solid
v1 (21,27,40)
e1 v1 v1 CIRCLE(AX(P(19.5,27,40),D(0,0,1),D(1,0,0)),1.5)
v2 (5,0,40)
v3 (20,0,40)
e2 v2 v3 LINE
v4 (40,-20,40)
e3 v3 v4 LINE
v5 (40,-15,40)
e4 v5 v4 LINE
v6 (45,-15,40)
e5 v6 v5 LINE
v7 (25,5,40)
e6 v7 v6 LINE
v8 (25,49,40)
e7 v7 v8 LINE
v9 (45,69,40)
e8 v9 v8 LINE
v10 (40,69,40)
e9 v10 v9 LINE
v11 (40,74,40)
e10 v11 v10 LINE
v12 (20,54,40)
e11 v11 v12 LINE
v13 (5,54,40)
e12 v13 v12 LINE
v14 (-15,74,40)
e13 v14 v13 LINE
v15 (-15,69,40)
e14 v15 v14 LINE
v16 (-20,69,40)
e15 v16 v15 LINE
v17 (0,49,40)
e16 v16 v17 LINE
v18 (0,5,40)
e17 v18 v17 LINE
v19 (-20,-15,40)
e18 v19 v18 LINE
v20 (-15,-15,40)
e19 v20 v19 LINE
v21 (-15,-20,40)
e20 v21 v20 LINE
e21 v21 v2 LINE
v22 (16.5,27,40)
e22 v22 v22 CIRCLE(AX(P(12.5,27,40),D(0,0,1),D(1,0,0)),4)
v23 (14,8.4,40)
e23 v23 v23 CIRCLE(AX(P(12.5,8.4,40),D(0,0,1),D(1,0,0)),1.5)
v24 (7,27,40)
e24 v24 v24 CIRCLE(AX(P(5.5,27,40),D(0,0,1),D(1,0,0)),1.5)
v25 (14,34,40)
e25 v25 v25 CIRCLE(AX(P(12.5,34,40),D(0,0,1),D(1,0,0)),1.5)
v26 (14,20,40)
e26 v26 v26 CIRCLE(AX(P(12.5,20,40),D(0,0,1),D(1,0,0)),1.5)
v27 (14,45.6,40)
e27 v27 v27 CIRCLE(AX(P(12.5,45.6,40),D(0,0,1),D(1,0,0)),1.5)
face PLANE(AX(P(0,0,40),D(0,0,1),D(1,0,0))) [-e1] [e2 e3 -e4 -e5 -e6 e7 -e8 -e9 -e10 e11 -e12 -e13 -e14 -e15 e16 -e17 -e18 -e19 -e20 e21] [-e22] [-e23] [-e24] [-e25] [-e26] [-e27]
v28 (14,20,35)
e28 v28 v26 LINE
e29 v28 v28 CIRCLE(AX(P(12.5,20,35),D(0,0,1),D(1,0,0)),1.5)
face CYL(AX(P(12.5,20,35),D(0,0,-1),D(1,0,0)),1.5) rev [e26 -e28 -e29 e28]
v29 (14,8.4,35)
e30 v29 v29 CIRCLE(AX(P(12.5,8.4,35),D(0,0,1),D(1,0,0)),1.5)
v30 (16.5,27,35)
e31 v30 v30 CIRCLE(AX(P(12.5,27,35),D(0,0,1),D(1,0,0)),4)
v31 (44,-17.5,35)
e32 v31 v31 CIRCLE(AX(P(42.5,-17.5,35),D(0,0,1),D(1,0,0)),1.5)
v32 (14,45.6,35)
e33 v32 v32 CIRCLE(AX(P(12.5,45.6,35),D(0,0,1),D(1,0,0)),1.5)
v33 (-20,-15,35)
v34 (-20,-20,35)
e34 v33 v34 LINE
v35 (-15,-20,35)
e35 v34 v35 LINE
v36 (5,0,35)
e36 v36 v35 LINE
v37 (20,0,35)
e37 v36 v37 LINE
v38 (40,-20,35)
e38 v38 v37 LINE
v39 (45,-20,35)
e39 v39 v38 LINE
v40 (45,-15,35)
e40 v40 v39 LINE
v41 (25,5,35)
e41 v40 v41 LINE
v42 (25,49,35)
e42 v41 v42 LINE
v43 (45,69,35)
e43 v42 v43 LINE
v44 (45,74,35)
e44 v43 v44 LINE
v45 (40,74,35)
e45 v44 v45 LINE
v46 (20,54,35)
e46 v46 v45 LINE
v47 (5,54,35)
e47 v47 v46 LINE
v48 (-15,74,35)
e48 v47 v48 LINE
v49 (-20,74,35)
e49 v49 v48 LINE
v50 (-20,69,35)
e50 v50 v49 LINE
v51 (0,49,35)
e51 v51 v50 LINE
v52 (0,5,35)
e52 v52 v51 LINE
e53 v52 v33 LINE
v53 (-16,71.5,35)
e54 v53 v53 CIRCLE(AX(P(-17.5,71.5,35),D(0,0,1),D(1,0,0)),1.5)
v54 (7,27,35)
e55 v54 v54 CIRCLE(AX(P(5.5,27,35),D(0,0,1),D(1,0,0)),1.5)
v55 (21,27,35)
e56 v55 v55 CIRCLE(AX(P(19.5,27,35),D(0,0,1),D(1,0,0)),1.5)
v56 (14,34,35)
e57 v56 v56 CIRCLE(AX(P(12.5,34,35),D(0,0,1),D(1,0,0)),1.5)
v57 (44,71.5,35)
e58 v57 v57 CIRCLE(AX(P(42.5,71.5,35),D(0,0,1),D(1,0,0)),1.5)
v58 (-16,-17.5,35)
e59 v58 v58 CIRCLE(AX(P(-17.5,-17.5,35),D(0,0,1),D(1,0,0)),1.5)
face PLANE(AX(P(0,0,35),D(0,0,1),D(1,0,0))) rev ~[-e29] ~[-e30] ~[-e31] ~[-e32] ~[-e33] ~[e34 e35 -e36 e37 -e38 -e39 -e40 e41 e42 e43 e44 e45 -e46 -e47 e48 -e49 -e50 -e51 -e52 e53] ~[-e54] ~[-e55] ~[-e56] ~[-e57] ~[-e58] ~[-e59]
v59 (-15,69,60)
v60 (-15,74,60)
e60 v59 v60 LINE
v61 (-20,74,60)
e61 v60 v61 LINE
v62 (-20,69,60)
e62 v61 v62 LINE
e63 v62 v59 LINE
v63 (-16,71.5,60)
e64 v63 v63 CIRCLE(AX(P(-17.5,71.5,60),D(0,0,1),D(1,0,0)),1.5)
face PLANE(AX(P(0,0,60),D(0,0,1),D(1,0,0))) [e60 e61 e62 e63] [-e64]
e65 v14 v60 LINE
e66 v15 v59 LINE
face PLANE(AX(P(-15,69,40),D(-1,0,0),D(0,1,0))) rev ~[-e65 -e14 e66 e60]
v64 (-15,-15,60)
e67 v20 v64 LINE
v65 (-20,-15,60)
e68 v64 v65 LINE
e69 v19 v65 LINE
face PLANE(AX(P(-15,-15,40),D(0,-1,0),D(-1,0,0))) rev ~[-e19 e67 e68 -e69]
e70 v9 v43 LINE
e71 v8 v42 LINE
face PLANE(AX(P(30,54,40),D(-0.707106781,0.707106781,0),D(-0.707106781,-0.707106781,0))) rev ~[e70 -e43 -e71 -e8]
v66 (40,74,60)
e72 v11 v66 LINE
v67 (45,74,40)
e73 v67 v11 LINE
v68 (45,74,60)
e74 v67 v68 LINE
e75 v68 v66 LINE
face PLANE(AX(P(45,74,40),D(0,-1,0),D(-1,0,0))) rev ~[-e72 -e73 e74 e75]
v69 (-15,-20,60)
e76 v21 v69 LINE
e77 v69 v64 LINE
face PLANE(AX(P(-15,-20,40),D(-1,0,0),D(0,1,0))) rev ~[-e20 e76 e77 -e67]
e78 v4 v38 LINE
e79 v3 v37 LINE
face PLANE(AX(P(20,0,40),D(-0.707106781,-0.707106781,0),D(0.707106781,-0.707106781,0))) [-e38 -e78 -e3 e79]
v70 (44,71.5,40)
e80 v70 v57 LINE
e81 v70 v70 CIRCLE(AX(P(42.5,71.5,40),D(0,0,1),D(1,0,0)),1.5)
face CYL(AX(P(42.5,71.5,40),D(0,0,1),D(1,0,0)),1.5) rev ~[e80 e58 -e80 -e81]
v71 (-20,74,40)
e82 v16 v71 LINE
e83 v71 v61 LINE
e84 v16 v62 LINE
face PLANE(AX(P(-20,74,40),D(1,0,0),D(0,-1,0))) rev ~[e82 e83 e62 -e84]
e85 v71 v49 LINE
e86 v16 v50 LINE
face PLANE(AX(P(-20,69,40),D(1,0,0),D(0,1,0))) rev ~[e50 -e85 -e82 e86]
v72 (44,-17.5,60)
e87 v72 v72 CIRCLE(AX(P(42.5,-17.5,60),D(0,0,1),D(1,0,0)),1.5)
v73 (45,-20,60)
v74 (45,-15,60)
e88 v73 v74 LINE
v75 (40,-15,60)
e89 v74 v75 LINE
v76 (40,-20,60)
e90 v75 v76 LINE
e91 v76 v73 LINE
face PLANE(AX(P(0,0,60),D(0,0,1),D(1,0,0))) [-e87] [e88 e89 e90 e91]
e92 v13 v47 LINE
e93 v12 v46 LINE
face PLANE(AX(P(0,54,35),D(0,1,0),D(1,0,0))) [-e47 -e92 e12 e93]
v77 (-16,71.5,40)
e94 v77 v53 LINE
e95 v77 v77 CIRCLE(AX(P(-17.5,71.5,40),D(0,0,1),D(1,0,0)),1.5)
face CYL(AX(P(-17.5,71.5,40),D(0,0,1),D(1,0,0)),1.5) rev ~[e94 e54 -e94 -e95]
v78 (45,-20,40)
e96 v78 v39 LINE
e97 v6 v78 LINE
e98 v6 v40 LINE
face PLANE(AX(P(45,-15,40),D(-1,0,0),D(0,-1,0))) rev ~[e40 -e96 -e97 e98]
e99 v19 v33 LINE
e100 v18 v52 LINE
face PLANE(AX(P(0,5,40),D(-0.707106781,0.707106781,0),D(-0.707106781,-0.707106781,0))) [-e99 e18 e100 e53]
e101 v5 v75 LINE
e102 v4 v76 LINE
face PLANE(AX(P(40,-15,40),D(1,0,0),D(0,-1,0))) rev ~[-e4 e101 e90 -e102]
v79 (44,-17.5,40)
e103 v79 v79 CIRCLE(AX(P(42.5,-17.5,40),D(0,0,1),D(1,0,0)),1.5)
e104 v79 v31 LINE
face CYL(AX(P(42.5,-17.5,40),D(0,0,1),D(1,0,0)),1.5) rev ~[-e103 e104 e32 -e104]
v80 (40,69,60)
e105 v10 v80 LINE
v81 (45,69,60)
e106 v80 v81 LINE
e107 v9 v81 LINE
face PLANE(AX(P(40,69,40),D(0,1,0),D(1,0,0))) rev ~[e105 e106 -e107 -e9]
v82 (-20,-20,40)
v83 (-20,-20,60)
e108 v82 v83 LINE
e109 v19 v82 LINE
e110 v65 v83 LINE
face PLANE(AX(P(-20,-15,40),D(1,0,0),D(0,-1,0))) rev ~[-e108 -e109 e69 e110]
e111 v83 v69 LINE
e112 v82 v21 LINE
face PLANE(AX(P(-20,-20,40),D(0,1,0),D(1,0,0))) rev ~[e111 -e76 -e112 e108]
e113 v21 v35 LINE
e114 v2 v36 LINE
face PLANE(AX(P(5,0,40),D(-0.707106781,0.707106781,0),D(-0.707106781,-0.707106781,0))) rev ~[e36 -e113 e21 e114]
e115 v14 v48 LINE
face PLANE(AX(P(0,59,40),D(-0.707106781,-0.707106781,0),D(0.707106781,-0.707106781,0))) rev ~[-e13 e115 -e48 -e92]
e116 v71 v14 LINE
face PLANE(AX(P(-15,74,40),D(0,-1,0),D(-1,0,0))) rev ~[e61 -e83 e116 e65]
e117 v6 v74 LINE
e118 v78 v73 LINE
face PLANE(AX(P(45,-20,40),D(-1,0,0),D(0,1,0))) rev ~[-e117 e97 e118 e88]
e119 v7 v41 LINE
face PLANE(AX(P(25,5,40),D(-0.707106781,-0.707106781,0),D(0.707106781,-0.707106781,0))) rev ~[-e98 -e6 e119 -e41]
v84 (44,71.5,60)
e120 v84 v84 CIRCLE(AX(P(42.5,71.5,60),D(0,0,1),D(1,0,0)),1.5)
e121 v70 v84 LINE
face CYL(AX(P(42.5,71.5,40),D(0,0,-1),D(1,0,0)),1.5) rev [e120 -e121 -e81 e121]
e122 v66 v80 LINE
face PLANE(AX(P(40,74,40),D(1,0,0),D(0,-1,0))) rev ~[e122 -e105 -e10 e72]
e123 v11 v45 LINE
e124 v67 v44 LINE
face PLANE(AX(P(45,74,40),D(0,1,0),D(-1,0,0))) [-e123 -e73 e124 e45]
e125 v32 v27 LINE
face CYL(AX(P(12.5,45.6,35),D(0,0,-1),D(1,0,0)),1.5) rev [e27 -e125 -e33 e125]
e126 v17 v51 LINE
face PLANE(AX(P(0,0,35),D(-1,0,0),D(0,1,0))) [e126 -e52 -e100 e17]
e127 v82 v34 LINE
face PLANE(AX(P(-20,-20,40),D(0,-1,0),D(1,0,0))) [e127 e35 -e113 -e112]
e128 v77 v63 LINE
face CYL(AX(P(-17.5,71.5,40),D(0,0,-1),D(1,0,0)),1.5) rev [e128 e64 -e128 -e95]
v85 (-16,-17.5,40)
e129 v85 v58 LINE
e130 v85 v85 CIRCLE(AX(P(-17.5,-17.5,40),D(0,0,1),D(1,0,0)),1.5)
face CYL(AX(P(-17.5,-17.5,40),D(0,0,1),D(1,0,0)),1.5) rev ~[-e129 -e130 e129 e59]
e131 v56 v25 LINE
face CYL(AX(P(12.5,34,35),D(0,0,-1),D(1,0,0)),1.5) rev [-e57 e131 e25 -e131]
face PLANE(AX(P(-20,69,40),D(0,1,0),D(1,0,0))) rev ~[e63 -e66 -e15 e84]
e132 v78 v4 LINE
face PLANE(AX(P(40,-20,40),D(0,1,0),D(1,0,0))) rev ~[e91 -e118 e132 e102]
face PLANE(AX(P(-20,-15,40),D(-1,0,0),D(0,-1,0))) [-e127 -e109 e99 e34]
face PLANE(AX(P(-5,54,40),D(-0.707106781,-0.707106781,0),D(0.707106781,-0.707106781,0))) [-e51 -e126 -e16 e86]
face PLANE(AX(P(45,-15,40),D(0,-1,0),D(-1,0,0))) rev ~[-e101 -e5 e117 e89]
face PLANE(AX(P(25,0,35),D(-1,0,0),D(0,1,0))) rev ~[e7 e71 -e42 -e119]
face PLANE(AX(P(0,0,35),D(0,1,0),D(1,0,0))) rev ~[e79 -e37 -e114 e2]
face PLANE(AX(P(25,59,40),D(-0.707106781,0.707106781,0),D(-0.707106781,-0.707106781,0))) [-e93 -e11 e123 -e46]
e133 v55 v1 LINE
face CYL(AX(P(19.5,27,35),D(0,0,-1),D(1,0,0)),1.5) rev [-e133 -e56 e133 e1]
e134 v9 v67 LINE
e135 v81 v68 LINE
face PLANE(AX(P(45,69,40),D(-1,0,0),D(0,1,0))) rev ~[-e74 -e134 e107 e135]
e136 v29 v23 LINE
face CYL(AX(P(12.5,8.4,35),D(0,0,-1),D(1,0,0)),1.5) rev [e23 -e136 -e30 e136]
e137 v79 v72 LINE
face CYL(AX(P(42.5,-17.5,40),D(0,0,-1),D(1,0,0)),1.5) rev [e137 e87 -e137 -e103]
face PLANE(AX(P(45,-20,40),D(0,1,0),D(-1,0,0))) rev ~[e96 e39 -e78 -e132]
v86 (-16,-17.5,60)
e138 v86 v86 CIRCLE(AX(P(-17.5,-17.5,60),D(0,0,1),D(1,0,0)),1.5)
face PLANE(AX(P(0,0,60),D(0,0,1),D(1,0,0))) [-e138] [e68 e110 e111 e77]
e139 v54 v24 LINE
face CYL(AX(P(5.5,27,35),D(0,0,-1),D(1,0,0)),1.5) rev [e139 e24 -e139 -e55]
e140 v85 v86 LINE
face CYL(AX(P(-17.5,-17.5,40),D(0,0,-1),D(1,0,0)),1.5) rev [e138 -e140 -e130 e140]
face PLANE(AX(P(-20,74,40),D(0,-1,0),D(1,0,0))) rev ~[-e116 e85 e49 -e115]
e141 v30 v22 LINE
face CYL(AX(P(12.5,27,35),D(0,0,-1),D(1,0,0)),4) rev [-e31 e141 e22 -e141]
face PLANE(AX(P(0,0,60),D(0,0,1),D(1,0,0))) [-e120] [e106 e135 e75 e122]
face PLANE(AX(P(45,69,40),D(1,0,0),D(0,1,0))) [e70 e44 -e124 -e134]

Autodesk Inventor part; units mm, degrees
ref_plane "YZ Plane" through (0, 0, 0) normal (1, 0, 0) x (0, 1, 0)
ref_plane "XZ Plane" through (0, 0, 0) normal (0, 1, 0) x (-1, 0, 0)
ref_plane "XY Plane" through (0, 0, 0) normal (0, 0, 1) x (1, 0, 0)
ref_plane "Work Plane1" through (0, 0, 35) normal (0, 0, 1) x (1, 0, 0)
sketch "Sketch1" plane through (0, 0, 35) normal (0, 0, 1) x (1, 0, 0)
  circle A0 centre (12.5, 45.6) radius 1.5 projected
  circle A1 centre (19.5, 27) radius 1.5 projected
  circle A2 centre (5.5, 27) radius 1.5 projected
  circle A3 centre (12.5, 20) radius 1.5 projected
  circle A4 centre (12.5, 34) radius 1.5 projected
  circle A5 centre (12.5, 8.4) radius 1.5 projected
  circle A6 centre (12.5, 27) radius 4 projected
  line L0 (0, 0) -> (25, 0) projected
  line L1 (25, 0) -> (25, 54) projected
  line L2 (0, 54) -> (25, 54) projected
  line L3 (0, 0) -> (0, 54) projected
  line L4 (25, 54) -> (0, 54)
  line L5 (0, 54) -> (0, 0)
  line L6 (0, 0) -> (25, 0)
  line L7 (25, 0) -> (25, 54)
  circle A7 centre (12.5, 45.6) radius 1.5
  circle A8 centre (12.5, 27) radius 4
  circle A9 centre (19.5, 27) radius 1.5
  circle A10 centre (12.5, 34) radius 1.5
  circle A11 centre (12.5, 20) radius 1.5
  circle A12 centre (5.5, 27) radius 1.5
  circle A13 centre (12.5, 8.4) radius 1.5
extrude "Extrusion1" add sketch "Sketch1" along normal blind 5
sketch "Sketch4" plane through (0, 0, 40) normal (0, 0, 1) x (1, 0, 0)
  line L0 (25, 54) -> (0, 54) projected
  line L1 (0, 54) -> (0, 0) projected
  circle A0 centre (12.5, 45.6) radius 1.5 projected
  line L2 (25, 0) -> (25, 54) projected
  line L3 (0, 0) -> (25, 0) projected
  line L4 (25, 54) -> (45, 54)
  line L5 (45, 54) -> (45, 74)
  line L6 (45, 74) -> (25, 74)
  line L7 (25, 74) -> (25, 54)
  line L8 (0, 54) -> (-20, 54)
  line L9 (-20, 54) -> (-20, 74)
  line L10 (-20, 74) -> (0, 74)
  line L11 (0, 74) -> (0, 54)
  line L12 (25, 0) -> (45, 0)
  line L13 (45, 0) -> (45, -20)
  line L14 (45, -20) -> (25, -20)
  line L15 (25, -20) -> (25, 0)
  line L16 (0, 0) -> (-20, 0)
  line L17 (-20, 0) -> (-20, -20)
  line L18 (-20, -20) -> (0, -20)
  line L19 (0, -20) -> (0, 0)
  line L20 (-20, 74) -> (-15, 74)
  line L21 (-15, 74) -> (-15, 69)
  line L22 (-15, 69) -> (-20, 69)
  line L23 (-20, 69) -> (-20, 74)
  line L24 (45, 74) -> (40, 74)
  line L25 (40, 74) -> (40, 69)
  line L26 (40, 69) -> (45, 69)
  line L27 (45, 69) -> (45, 74)
  line L28 (45, -20) -> (40, -20)
  line L29 (40, -20) -> (40, -15)
  line L30 (40, -15) -> (45, -15)
  line L31 (45, -15) -> (45, -20)
  line L32 (-20, -20) -> (-15, -20)
  line L33 (-15, -20) -> (-15, -15)
  line L34 (-15, -15) -> (-20, -15)
  line L35 (-20, -15) -> (-20, -20)
  line L36 (0, 0) -> (5, 0)
  line L37 (5, 0) -> (5, 5)
  line L38 (5, 5) -> (0, 5)
  line L39 (0, 5) -> (0, 0)
  line L40 (25, 0) -> (20, 0)
  line L41 (20, 0) -> (20, 5)
  line L42 (20, 5) -> (25, 5)
  line L43 (25, 5) -> (25, 0)
  line L44 (25, 54) -> (20, 54)
  line L45 (20, 54) -> (20, 49)
  line L46 (20, 49) -> (25, 49)
  line L47 (25, 49) -> (25, 54)
  line L48 (0, 54) -> (5, 54)
  line L49 (5, 54) -> (5, 49)
  line L50 (5, 49) -> (0, 49)
  line L51 (0, 49) -> (0, 54)
  line L52 (0, 5) -> (-20, -15)
  line L53 (5, 0) -> (-15, -20)
  line L54 (20, 0) -> (40, -20)
  line L55 (25, 5) -> (45, -15)
  line L56 (-20, 69) -> (0, 49)
  line L57 (-15, 74) -> (5, 54)
  line L58 (40, 74) -> (20, 54)
  line L59 (45, 69) -> (25, 49)
  circle A1 centre (-17.5, 71.5) radius 1.5
  circle A2 centre (42.5, 71.5) radius 1.5
  circle A3 centre (-17.5, -17.5) radius 1.5
  circle A4 centre (42.5, -17.5) radius 1.5
  dimension "d16" = 20
  dimension "d17" = 20
  dimension "d18" = 20
  dimension "d19" = 20
  dimension "d20" = 20
  dimension "d21" = 20
  dimension "d22" = 20
  dimension "d23" = 20
  dimension "d24" = 5
  dimension "d25" = 5
  dimension "d26" = 5
  dimension "d27" = 5
  dimension "d28" = 5
  dimension "d29" = 5
  dimension "d30" = 5
  dimension "d31" = 5
  dimension "d32" = 5
  dimension "d33" = 5
  dimension "d34" = 5
  dimension "d35" = 5
  dimension "d36" = 5
  dimension "d37" = 5
  dimension "d38" = 5
  dimension "d39" = 5
  dimension "d40" = 3
extrude "Extrusion3" add sketch "Sketch4" against normal blind 5 contours L2 L46 L45 L0 | L4 L59 L2 | L7 L58 L25 L26 L59 L4 | L0 L58 L7 | L49 L50 L1 L0 | L0 L11 L57 | L55 L12 L2 | L2 L3 L41 L42 | L26 L25 L6 L5 | L1 L56 L8 | L8 L56 L22 L21 L57 L11 | L15 L54 L3 | L12 L55 L30 L29 L54 L15 | L21 L22 L9 L10 | L13 L14 L29 L30 | L38 L37 L3 L1 | L1 L16 L52 | L53 L19 L3 | L19 L53 L33 L34 L52 L16 | L34 L33 L18 L17
sketch "Sketch5" plane through (0, 0, 40) normal (0, 0, 1) x (1, 0, 0)
  line L0 (-20, -20) -> (-15, -20) projected
  line L1 (-20, -15) -> (-20, -20) projected
  circle A0 centre (-17.5, -17.5) radius 1.5 projected
  circle A1 centre (-17.5, 71.5) radius 1.5 projected
  line L2 (-20, 74) -> (-20, 69) projected
  line L3 (-15, 74) -> (-20, 74) projected
  line L4 (45, 74) -> (40, 74) projected
  line L5 (45, 69) -> (45, 74) projected
  circle A2 centre (42.5, 71.5) radius 1.5 projected
  circle A3 centre (42.5, -17.5) radius 1.5 projected
  line L6 (40, -20) -> (45, -20) projected
  line L7 (45, -20) -> (45, -15) projected
  line L8 (-20, -20) -> (-15, -20)
  line L9 (-15, -20) -> (-15, -15)
  line L10 (-15, -15) -> (-20, -15)
  line L11 (-20, -15) -> (-20, -20)
  circle A4 centre (-17.5, -17.5) radius 1.5
  circle A5 centre (-17.5, 71.5) radius 1.5
  circle A6 centre (42.5, 71.5) radius 1.5
  circle A7 centre (42.5, -17.5) radius 1.5
  line L12 (40, -20) -> (45, -20)
  line L13 (45, -20) -> (45, -15)
  line L14 (45, -15) -> (40, -15)
  line L15 (40, -15) -> (40, -20)
  line L16 (45, 74) -> (40, 74)
  line L17 (40, 74) -> (40, 69)
  line L18 (40, 69) -> (45, 69)
  line L19 (45, 69) -> (45, 74)
  line L20 (-20, 69) -> (-15, 69)
  line L21 (-15, 69) -> (-15, 74)
  line L22 (-15, 74) -> (-20, 74)
  line L23 (-20, 74) -> (-20, 69)
  point P0 (0, 0)
extrude "Extrusion4" add sketch "Sketch5" along normal blind 20
properties part number "Face"
